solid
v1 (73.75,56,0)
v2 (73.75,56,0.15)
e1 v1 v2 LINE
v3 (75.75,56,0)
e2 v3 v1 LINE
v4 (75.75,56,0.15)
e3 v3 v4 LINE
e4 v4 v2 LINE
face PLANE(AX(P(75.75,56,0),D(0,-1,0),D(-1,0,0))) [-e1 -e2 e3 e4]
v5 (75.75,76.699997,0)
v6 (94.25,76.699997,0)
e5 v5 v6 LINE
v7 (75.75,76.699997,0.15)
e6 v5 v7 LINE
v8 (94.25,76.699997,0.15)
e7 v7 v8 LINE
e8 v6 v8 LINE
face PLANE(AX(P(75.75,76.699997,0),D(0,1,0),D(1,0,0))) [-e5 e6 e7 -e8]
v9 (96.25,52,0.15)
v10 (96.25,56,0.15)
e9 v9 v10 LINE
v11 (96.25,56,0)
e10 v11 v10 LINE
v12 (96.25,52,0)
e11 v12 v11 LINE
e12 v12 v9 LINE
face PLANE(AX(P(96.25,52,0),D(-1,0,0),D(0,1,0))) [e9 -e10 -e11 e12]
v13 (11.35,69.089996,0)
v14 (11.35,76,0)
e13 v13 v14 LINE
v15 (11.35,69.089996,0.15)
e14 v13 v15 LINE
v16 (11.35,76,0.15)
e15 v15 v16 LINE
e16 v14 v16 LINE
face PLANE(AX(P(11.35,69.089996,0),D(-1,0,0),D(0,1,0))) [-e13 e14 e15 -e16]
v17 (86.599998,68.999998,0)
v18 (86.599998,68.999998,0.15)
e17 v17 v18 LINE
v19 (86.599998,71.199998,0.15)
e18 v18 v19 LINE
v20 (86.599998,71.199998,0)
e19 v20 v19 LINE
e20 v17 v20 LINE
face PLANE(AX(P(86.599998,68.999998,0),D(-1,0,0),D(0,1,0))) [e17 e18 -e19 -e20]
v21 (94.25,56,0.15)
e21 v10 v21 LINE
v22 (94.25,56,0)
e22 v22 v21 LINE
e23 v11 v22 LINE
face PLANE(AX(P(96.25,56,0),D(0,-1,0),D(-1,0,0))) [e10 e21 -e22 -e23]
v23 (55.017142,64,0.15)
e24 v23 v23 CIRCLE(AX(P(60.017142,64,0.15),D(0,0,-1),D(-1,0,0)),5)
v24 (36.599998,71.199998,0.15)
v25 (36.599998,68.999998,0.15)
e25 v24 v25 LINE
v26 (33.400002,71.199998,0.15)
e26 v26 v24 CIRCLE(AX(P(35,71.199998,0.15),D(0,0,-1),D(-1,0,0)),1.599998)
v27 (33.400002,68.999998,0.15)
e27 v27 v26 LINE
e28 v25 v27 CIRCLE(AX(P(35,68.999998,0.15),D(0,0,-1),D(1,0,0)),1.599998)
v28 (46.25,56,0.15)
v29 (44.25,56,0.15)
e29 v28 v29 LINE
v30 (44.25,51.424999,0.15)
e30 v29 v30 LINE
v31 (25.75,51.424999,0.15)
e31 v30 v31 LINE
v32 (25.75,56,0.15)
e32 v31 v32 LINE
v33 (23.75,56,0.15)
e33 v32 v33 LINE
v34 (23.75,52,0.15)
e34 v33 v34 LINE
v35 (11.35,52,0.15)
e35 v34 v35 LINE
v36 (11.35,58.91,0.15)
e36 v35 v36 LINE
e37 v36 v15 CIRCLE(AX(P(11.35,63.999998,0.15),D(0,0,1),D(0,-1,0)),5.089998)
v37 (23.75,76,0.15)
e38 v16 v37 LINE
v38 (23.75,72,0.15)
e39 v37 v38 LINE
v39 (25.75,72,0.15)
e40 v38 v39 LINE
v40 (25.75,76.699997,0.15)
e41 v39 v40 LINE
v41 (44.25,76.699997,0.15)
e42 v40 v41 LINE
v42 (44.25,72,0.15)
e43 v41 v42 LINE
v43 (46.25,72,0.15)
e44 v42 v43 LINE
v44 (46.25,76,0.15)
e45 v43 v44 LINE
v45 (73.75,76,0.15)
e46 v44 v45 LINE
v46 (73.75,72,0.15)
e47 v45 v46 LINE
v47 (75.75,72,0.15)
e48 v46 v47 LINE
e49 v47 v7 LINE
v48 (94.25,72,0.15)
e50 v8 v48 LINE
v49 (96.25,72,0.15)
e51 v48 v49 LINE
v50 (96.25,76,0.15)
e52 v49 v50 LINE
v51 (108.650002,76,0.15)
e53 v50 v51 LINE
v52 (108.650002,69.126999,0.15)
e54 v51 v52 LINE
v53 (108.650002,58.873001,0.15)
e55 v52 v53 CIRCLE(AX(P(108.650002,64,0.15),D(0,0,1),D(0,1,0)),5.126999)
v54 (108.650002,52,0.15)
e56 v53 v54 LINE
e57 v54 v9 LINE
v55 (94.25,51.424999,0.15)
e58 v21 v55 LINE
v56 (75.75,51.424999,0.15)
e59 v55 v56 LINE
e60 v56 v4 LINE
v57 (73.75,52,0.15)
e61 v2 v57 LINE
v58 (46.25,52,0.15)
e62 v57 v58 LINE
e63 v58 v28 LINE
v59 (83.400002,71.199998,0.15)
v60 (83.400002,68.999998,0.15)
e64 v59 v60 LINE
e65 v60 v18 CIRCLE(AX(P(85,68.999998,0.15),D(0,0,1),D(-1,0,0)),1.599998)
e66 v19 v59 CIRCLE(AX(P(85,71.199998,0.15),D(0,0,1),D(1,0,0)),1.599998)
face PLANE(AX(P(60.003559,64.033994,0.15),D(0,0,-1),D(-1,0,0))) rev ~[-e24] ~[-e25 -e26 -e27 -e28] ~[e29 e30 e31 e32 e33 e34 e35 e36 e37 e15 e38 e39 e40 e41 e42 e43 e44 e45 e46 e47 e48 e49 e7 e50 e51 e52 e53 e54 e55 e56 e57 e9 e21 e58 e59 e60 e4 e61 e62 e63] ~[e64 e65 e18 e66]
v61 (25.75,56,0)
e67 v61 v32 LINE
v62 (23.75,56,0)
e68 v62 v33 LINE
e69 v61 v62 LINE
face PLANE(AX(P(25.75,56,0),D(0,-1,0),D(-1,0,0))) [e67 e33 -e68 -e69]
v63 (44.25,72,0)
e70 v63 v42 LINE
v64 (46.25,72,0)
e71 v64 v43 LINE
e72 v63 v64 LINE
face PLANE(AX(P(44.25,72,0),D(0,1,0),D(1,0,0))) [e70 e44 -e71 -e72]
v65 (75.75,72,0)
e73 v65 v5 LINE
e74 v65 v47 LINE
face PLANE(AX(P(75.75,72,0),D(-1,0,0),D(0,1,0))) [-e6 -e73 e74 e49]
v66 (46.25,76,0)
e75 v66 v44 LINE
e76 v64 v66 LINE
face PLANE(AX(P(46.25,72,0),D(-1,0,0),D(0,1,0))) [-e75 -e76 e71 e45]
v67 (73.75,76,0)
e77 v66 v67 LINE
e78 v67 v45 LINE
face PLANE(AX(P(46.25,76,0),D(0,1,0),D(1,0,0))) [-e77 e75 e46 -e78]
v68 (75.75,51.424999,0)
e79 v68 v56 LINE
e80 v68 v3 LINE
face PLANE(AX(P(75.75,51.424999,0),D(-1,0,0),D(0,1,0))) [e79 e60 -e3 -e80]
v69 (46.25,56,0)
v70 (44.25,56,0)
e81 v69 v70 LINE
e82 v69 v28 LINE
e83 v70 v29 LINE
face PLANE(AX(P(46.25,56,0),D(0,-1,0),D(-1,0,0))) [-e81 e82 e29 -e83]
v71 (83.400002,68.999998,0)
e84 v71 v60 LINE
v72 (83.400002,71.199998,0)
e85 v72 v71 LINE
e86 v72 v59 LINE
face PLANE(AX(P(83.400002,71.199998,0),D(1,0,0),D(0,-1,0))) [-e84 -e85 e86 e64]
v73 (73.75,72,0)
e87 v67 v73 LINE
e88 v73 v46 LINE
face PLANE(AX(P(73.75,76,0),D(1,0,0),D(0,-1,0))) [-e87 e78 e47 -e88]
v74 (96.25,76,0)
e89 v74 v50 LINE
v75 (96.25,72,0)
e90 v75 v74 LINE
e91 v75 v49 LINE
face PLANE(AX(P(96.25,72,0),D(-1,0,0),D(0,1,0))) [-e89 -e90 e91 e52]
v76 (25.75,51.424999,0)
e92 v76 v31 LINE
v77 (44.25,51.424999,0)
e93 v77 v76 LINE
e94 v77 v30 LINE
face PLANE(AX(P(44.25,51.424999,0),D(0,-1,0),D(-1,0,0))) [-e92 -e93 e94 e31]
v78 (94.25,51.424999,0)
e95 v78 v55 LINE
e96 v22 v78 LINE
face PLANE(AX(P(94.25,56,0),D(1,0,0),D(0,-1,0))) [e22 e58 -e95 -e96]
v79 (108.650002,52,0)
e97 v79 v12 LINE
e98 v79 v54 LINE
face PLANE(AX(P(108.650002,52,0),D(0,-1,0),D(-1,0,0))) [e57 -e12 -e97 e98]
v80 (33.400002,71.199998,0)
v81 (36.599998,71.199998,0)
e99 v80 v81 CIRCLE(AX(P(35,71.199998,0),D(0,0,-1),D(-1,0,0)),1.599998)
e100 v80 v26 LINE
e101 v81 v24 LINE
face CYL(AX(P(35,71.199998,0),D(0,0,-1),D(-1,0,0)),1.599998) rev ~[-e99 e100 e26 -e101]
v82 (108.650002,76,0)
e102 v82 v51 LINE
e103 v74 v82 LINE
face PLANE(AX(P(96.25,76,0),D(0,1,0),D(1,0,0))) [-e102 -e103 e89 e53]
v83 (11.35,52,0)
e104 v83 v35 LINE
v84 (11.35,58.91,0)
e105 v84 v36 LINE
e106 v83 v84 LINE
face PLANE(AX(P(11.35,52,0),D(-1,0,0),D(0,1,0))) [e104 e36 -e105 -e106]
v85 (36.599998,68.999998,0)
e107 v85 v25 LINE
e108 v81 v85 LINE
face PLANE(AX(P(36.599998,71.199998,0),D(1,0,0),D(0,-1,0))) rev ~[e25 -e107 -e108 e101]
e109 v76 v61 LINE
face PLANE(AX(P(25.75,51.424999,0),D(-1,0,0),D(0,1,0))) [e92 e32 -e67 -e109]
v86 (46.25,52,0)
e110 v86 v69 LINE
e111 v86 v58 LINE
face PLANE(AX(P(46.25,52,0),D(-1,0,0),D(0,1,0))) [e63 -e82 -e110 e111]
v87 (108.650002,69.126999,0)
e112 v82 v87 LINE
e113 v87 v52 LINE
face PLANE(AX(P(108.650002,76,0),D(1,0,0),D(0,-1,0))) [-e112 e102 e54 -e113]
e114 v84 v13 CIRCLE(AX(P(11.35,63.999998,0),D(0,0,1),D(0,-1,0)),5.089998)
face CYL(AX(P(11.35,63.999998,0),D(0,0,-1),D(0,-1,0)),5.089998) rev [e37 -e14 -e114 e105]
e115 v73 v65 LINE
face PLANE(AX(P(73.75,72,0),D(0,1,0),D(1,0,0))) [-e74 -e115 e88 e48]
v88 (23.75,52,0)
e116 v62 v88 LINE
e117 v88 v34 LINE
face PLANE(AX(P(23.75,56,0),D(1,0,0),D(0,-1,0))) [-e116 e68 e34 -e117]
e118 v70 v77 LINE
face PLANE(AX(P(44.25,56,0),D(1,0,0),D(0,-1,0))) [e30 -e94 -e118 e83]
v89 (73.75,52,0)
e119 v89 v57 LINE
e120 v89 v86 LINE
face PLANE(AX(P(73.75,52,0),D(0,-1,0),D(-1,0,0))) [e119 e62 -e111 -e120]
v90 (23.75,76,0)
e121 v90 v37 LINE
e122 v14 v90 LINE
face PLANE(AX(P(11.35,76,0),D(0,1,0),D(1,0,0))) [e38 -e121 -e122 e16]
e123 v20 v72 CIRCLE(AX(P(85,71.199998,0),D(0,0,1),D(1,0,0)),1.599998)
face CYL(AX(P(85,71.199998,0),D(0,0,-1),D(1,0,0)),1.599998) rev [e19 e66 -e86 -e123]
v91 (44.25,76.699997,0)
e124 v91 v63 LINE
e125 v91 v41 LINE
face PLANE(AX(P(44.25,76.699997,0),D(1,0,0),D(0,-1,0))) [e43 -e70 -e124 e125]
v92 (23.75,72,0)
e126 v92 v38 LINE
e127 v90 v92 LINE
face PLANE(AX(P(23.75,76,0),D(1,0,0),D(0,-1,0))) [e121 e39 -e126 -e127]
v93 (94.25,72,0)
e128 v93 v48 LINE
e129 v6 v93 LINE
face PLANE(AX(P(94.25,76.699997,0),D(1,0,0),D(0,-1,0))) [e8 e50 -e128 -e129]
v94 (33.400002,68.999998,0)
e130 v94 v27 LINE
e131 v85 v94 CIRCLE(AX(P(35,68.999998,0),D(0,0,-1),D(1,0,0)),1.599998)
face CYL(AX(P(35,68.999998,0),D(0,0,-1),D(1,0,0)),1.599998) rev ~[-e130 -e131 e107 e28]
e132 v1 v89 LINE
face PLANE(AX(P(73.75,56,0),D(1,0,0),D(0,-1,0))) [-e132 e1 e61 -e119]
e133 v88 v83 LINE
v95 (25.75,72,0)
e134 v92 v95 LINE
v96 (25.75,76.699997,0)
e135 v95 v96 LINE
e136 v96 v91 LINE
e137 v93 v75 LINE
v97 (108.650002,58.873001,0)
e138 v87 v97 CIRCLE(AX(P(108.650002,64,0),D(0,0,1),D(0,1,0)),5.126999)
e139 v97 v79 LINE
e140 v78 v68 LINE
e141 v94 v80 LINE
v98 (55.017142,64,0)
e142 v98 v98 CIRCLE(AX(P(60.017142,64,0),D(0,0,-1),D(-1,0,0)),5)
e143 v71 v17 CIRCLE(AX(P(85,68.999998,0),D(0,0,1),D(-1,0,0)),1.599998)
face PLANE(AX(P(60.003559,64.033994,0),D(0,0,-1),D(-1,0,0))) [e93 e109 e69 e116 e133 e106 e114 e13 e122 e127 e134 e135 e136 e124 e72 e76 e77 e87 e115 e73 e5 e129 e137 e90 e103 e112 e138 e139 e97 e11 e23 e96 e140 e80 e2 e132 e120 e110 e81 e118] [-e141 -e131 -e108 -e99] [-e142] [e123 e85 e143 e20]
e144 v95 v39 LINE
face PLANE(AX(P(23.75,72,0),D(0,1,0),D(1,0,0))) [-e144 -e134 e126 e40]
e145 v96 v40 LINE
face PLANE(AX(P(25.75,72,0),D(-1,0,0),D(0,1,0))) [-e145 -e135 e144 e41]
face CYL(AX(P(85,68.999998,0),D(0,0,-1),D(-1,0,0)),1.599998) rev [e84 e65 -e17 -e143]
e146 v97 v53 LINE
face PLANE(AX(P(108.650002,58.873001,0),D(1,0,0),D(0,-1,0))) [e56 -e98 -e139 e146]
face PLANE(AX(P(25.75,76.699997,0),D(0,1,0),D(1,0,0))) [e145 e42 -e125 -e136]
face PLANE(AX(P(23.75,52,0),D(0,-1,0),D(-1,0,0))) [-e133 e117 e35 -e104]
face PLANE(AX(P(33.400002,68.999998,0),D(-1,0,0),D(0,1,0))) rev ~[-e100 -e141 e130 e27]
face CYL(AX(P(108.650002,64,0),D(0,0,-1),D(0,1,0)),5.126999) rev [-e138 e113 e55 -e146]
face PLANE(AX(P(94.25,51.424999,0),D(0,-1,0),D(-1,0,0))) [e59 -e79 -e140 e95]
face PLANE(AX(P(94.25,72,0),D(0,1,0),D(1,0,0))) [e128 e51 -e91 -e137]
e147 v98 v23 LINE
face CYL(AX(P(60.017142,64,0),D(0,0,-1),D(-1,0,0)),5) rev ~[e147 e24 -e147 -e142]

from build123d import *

# Parameters (mm, degrees)
SKETCH_1_R      = 5
EXTRUDE_1_DEPTH = 0.15


with BuildPart() as part:
    # Эскиз1 → Бобышка-Вытянуть1 (new body)
    with BuildSketch(Plane(origin=(0, 0, 0), x_dir=(-1, 0, 0), z_dir=(0, 0, -1))):
        with BuildLine():
            Line((-94.25, 76.699996948), (-94.25, 72))
            Line((-94.25, 72), (-96.25, 72))
            Line((-96.25, 72), (-96.25, 76))
            Line((-96.25, 76), (-108.650001526, 76))
            Line((-108.650001526, 76), (-108.650001526, 69.126998901))
            ThreePointArc((-108.650001526, 69.126998901), (-103.523002625, 64), (-108.650001526, 58.873001099))
            Line((-108.650001526, 58.873001099), (-108.650001526, 52))
            Line((-108.650001526, 52), (-96.25, 52))
            Line((-96.25, 52), (-96.25, 56))
            Line((-96.25, 56), (-94.25, 56))
            Line((-94.25, 56), (-94.25, 51.424999237))
            Line((-94.25, 51.424999237), (-75.75, 51.424999237))
            Line((-75.75, 51.424999237), (-75.75, 56))
            Line((-75.75, 56), (-73.75, 56))
            Line((-73.75, 56), (-73.75, 52))
            Line((-73.75, 52), (-46.25, 52))
            Line((-46.25, 52), (-46.25, 56))
            Line((-46.25, 56), (-44.25, 56))
            Line((-44.25, 56), (-44.25, 51.424999237))
            Line((-44.25, 51.424999237), (-25.75, 51.424999237))
            Line((-25.75, 51.424999237), (-25.75, 56))
            Line((-25.75, 56), (-23.75, 56))
            Line((-23.75, 56), (-23.75, 52))
            Line((-23.75, 52), (-11.350000381, 52))
            Line((-11.350000381, 52), (-11.350000381, 58.909999847))
            ThreePointArc((-11.350000381, 58.909999847), (-16.439998627, 63.999998093), (-11.350000381, 69.089996338))
            Line((-11.350000381, 69.089996338), (-11.350000381, 76))
            Line((-11.350000381, 76), (-23.75, 76))
            Line((-23.75, 76), (-23.75, 72))
            Line((-23.75, 72), (-25.75, 72))
            Line((-25.75, 72), (-25.75, 76.699996948))
            Line((-25.75, 76.699996948), (-44.25, 76.699996948))
            Line((-44.25, 76.699996948), (-44.25, 72))
            Line((-44.25, 72), (-46.25, 72))
            Line((-46.25, 72), (-46.25, 76))
            Line((-46.25, 76), (-73.75, 76))
            Line((-73.75, 76), (-73.75, 72))
            Line((-73.75, 72), (-75.75, 72))
            Line((-75.75, 72), (-75.75, 76.699996948))
            Line((-75.75, 76.699996948), (-94.25, 76.699996948))
        make_face()
        with Locations((-60.017142334, 64)):
            Circle(SKETCH_1_R, mode=Mode.SUBTRACT)
        with BuildLine():
            Line((-33.400001526, 68.999998474), (-33.400001526, 71.199998474))
            ThreePointArc((-33.400001526, 71.199998474), (-35, 72.799996948), (-36.599998474, 71.199998474))
            Line((-36.599998474, 71.199998474), (-36.599998474, 68.999998474))
            ThreePointArc((-36.599998474, 68.999998474), (-35, 67.4), (-33.400001526, 68.999998474))
        make_face(mode=Mode.SUBTRACT)
        with BuildLine():
            Line((-83.400001526, 71.199998474), (-83.400001526, 68.999998474))
            ThreePointArc((-83.400001526, 68.999998474), (-85, 67.4), (-86.599998474, 68.999998474))
            Line((-86.599998474, 68.999998474), (-86.599998474, 71.199998474))
            ThreePointArc((-86.599998474, 71.199998474), (-85, 72.799996948), (-83.400001526, 71.199998474))
        make_face(mode=Mode.SUBTRACT)
    extrude(amount=-EXTRUDE_1_DEPTH)


solid = part.part
